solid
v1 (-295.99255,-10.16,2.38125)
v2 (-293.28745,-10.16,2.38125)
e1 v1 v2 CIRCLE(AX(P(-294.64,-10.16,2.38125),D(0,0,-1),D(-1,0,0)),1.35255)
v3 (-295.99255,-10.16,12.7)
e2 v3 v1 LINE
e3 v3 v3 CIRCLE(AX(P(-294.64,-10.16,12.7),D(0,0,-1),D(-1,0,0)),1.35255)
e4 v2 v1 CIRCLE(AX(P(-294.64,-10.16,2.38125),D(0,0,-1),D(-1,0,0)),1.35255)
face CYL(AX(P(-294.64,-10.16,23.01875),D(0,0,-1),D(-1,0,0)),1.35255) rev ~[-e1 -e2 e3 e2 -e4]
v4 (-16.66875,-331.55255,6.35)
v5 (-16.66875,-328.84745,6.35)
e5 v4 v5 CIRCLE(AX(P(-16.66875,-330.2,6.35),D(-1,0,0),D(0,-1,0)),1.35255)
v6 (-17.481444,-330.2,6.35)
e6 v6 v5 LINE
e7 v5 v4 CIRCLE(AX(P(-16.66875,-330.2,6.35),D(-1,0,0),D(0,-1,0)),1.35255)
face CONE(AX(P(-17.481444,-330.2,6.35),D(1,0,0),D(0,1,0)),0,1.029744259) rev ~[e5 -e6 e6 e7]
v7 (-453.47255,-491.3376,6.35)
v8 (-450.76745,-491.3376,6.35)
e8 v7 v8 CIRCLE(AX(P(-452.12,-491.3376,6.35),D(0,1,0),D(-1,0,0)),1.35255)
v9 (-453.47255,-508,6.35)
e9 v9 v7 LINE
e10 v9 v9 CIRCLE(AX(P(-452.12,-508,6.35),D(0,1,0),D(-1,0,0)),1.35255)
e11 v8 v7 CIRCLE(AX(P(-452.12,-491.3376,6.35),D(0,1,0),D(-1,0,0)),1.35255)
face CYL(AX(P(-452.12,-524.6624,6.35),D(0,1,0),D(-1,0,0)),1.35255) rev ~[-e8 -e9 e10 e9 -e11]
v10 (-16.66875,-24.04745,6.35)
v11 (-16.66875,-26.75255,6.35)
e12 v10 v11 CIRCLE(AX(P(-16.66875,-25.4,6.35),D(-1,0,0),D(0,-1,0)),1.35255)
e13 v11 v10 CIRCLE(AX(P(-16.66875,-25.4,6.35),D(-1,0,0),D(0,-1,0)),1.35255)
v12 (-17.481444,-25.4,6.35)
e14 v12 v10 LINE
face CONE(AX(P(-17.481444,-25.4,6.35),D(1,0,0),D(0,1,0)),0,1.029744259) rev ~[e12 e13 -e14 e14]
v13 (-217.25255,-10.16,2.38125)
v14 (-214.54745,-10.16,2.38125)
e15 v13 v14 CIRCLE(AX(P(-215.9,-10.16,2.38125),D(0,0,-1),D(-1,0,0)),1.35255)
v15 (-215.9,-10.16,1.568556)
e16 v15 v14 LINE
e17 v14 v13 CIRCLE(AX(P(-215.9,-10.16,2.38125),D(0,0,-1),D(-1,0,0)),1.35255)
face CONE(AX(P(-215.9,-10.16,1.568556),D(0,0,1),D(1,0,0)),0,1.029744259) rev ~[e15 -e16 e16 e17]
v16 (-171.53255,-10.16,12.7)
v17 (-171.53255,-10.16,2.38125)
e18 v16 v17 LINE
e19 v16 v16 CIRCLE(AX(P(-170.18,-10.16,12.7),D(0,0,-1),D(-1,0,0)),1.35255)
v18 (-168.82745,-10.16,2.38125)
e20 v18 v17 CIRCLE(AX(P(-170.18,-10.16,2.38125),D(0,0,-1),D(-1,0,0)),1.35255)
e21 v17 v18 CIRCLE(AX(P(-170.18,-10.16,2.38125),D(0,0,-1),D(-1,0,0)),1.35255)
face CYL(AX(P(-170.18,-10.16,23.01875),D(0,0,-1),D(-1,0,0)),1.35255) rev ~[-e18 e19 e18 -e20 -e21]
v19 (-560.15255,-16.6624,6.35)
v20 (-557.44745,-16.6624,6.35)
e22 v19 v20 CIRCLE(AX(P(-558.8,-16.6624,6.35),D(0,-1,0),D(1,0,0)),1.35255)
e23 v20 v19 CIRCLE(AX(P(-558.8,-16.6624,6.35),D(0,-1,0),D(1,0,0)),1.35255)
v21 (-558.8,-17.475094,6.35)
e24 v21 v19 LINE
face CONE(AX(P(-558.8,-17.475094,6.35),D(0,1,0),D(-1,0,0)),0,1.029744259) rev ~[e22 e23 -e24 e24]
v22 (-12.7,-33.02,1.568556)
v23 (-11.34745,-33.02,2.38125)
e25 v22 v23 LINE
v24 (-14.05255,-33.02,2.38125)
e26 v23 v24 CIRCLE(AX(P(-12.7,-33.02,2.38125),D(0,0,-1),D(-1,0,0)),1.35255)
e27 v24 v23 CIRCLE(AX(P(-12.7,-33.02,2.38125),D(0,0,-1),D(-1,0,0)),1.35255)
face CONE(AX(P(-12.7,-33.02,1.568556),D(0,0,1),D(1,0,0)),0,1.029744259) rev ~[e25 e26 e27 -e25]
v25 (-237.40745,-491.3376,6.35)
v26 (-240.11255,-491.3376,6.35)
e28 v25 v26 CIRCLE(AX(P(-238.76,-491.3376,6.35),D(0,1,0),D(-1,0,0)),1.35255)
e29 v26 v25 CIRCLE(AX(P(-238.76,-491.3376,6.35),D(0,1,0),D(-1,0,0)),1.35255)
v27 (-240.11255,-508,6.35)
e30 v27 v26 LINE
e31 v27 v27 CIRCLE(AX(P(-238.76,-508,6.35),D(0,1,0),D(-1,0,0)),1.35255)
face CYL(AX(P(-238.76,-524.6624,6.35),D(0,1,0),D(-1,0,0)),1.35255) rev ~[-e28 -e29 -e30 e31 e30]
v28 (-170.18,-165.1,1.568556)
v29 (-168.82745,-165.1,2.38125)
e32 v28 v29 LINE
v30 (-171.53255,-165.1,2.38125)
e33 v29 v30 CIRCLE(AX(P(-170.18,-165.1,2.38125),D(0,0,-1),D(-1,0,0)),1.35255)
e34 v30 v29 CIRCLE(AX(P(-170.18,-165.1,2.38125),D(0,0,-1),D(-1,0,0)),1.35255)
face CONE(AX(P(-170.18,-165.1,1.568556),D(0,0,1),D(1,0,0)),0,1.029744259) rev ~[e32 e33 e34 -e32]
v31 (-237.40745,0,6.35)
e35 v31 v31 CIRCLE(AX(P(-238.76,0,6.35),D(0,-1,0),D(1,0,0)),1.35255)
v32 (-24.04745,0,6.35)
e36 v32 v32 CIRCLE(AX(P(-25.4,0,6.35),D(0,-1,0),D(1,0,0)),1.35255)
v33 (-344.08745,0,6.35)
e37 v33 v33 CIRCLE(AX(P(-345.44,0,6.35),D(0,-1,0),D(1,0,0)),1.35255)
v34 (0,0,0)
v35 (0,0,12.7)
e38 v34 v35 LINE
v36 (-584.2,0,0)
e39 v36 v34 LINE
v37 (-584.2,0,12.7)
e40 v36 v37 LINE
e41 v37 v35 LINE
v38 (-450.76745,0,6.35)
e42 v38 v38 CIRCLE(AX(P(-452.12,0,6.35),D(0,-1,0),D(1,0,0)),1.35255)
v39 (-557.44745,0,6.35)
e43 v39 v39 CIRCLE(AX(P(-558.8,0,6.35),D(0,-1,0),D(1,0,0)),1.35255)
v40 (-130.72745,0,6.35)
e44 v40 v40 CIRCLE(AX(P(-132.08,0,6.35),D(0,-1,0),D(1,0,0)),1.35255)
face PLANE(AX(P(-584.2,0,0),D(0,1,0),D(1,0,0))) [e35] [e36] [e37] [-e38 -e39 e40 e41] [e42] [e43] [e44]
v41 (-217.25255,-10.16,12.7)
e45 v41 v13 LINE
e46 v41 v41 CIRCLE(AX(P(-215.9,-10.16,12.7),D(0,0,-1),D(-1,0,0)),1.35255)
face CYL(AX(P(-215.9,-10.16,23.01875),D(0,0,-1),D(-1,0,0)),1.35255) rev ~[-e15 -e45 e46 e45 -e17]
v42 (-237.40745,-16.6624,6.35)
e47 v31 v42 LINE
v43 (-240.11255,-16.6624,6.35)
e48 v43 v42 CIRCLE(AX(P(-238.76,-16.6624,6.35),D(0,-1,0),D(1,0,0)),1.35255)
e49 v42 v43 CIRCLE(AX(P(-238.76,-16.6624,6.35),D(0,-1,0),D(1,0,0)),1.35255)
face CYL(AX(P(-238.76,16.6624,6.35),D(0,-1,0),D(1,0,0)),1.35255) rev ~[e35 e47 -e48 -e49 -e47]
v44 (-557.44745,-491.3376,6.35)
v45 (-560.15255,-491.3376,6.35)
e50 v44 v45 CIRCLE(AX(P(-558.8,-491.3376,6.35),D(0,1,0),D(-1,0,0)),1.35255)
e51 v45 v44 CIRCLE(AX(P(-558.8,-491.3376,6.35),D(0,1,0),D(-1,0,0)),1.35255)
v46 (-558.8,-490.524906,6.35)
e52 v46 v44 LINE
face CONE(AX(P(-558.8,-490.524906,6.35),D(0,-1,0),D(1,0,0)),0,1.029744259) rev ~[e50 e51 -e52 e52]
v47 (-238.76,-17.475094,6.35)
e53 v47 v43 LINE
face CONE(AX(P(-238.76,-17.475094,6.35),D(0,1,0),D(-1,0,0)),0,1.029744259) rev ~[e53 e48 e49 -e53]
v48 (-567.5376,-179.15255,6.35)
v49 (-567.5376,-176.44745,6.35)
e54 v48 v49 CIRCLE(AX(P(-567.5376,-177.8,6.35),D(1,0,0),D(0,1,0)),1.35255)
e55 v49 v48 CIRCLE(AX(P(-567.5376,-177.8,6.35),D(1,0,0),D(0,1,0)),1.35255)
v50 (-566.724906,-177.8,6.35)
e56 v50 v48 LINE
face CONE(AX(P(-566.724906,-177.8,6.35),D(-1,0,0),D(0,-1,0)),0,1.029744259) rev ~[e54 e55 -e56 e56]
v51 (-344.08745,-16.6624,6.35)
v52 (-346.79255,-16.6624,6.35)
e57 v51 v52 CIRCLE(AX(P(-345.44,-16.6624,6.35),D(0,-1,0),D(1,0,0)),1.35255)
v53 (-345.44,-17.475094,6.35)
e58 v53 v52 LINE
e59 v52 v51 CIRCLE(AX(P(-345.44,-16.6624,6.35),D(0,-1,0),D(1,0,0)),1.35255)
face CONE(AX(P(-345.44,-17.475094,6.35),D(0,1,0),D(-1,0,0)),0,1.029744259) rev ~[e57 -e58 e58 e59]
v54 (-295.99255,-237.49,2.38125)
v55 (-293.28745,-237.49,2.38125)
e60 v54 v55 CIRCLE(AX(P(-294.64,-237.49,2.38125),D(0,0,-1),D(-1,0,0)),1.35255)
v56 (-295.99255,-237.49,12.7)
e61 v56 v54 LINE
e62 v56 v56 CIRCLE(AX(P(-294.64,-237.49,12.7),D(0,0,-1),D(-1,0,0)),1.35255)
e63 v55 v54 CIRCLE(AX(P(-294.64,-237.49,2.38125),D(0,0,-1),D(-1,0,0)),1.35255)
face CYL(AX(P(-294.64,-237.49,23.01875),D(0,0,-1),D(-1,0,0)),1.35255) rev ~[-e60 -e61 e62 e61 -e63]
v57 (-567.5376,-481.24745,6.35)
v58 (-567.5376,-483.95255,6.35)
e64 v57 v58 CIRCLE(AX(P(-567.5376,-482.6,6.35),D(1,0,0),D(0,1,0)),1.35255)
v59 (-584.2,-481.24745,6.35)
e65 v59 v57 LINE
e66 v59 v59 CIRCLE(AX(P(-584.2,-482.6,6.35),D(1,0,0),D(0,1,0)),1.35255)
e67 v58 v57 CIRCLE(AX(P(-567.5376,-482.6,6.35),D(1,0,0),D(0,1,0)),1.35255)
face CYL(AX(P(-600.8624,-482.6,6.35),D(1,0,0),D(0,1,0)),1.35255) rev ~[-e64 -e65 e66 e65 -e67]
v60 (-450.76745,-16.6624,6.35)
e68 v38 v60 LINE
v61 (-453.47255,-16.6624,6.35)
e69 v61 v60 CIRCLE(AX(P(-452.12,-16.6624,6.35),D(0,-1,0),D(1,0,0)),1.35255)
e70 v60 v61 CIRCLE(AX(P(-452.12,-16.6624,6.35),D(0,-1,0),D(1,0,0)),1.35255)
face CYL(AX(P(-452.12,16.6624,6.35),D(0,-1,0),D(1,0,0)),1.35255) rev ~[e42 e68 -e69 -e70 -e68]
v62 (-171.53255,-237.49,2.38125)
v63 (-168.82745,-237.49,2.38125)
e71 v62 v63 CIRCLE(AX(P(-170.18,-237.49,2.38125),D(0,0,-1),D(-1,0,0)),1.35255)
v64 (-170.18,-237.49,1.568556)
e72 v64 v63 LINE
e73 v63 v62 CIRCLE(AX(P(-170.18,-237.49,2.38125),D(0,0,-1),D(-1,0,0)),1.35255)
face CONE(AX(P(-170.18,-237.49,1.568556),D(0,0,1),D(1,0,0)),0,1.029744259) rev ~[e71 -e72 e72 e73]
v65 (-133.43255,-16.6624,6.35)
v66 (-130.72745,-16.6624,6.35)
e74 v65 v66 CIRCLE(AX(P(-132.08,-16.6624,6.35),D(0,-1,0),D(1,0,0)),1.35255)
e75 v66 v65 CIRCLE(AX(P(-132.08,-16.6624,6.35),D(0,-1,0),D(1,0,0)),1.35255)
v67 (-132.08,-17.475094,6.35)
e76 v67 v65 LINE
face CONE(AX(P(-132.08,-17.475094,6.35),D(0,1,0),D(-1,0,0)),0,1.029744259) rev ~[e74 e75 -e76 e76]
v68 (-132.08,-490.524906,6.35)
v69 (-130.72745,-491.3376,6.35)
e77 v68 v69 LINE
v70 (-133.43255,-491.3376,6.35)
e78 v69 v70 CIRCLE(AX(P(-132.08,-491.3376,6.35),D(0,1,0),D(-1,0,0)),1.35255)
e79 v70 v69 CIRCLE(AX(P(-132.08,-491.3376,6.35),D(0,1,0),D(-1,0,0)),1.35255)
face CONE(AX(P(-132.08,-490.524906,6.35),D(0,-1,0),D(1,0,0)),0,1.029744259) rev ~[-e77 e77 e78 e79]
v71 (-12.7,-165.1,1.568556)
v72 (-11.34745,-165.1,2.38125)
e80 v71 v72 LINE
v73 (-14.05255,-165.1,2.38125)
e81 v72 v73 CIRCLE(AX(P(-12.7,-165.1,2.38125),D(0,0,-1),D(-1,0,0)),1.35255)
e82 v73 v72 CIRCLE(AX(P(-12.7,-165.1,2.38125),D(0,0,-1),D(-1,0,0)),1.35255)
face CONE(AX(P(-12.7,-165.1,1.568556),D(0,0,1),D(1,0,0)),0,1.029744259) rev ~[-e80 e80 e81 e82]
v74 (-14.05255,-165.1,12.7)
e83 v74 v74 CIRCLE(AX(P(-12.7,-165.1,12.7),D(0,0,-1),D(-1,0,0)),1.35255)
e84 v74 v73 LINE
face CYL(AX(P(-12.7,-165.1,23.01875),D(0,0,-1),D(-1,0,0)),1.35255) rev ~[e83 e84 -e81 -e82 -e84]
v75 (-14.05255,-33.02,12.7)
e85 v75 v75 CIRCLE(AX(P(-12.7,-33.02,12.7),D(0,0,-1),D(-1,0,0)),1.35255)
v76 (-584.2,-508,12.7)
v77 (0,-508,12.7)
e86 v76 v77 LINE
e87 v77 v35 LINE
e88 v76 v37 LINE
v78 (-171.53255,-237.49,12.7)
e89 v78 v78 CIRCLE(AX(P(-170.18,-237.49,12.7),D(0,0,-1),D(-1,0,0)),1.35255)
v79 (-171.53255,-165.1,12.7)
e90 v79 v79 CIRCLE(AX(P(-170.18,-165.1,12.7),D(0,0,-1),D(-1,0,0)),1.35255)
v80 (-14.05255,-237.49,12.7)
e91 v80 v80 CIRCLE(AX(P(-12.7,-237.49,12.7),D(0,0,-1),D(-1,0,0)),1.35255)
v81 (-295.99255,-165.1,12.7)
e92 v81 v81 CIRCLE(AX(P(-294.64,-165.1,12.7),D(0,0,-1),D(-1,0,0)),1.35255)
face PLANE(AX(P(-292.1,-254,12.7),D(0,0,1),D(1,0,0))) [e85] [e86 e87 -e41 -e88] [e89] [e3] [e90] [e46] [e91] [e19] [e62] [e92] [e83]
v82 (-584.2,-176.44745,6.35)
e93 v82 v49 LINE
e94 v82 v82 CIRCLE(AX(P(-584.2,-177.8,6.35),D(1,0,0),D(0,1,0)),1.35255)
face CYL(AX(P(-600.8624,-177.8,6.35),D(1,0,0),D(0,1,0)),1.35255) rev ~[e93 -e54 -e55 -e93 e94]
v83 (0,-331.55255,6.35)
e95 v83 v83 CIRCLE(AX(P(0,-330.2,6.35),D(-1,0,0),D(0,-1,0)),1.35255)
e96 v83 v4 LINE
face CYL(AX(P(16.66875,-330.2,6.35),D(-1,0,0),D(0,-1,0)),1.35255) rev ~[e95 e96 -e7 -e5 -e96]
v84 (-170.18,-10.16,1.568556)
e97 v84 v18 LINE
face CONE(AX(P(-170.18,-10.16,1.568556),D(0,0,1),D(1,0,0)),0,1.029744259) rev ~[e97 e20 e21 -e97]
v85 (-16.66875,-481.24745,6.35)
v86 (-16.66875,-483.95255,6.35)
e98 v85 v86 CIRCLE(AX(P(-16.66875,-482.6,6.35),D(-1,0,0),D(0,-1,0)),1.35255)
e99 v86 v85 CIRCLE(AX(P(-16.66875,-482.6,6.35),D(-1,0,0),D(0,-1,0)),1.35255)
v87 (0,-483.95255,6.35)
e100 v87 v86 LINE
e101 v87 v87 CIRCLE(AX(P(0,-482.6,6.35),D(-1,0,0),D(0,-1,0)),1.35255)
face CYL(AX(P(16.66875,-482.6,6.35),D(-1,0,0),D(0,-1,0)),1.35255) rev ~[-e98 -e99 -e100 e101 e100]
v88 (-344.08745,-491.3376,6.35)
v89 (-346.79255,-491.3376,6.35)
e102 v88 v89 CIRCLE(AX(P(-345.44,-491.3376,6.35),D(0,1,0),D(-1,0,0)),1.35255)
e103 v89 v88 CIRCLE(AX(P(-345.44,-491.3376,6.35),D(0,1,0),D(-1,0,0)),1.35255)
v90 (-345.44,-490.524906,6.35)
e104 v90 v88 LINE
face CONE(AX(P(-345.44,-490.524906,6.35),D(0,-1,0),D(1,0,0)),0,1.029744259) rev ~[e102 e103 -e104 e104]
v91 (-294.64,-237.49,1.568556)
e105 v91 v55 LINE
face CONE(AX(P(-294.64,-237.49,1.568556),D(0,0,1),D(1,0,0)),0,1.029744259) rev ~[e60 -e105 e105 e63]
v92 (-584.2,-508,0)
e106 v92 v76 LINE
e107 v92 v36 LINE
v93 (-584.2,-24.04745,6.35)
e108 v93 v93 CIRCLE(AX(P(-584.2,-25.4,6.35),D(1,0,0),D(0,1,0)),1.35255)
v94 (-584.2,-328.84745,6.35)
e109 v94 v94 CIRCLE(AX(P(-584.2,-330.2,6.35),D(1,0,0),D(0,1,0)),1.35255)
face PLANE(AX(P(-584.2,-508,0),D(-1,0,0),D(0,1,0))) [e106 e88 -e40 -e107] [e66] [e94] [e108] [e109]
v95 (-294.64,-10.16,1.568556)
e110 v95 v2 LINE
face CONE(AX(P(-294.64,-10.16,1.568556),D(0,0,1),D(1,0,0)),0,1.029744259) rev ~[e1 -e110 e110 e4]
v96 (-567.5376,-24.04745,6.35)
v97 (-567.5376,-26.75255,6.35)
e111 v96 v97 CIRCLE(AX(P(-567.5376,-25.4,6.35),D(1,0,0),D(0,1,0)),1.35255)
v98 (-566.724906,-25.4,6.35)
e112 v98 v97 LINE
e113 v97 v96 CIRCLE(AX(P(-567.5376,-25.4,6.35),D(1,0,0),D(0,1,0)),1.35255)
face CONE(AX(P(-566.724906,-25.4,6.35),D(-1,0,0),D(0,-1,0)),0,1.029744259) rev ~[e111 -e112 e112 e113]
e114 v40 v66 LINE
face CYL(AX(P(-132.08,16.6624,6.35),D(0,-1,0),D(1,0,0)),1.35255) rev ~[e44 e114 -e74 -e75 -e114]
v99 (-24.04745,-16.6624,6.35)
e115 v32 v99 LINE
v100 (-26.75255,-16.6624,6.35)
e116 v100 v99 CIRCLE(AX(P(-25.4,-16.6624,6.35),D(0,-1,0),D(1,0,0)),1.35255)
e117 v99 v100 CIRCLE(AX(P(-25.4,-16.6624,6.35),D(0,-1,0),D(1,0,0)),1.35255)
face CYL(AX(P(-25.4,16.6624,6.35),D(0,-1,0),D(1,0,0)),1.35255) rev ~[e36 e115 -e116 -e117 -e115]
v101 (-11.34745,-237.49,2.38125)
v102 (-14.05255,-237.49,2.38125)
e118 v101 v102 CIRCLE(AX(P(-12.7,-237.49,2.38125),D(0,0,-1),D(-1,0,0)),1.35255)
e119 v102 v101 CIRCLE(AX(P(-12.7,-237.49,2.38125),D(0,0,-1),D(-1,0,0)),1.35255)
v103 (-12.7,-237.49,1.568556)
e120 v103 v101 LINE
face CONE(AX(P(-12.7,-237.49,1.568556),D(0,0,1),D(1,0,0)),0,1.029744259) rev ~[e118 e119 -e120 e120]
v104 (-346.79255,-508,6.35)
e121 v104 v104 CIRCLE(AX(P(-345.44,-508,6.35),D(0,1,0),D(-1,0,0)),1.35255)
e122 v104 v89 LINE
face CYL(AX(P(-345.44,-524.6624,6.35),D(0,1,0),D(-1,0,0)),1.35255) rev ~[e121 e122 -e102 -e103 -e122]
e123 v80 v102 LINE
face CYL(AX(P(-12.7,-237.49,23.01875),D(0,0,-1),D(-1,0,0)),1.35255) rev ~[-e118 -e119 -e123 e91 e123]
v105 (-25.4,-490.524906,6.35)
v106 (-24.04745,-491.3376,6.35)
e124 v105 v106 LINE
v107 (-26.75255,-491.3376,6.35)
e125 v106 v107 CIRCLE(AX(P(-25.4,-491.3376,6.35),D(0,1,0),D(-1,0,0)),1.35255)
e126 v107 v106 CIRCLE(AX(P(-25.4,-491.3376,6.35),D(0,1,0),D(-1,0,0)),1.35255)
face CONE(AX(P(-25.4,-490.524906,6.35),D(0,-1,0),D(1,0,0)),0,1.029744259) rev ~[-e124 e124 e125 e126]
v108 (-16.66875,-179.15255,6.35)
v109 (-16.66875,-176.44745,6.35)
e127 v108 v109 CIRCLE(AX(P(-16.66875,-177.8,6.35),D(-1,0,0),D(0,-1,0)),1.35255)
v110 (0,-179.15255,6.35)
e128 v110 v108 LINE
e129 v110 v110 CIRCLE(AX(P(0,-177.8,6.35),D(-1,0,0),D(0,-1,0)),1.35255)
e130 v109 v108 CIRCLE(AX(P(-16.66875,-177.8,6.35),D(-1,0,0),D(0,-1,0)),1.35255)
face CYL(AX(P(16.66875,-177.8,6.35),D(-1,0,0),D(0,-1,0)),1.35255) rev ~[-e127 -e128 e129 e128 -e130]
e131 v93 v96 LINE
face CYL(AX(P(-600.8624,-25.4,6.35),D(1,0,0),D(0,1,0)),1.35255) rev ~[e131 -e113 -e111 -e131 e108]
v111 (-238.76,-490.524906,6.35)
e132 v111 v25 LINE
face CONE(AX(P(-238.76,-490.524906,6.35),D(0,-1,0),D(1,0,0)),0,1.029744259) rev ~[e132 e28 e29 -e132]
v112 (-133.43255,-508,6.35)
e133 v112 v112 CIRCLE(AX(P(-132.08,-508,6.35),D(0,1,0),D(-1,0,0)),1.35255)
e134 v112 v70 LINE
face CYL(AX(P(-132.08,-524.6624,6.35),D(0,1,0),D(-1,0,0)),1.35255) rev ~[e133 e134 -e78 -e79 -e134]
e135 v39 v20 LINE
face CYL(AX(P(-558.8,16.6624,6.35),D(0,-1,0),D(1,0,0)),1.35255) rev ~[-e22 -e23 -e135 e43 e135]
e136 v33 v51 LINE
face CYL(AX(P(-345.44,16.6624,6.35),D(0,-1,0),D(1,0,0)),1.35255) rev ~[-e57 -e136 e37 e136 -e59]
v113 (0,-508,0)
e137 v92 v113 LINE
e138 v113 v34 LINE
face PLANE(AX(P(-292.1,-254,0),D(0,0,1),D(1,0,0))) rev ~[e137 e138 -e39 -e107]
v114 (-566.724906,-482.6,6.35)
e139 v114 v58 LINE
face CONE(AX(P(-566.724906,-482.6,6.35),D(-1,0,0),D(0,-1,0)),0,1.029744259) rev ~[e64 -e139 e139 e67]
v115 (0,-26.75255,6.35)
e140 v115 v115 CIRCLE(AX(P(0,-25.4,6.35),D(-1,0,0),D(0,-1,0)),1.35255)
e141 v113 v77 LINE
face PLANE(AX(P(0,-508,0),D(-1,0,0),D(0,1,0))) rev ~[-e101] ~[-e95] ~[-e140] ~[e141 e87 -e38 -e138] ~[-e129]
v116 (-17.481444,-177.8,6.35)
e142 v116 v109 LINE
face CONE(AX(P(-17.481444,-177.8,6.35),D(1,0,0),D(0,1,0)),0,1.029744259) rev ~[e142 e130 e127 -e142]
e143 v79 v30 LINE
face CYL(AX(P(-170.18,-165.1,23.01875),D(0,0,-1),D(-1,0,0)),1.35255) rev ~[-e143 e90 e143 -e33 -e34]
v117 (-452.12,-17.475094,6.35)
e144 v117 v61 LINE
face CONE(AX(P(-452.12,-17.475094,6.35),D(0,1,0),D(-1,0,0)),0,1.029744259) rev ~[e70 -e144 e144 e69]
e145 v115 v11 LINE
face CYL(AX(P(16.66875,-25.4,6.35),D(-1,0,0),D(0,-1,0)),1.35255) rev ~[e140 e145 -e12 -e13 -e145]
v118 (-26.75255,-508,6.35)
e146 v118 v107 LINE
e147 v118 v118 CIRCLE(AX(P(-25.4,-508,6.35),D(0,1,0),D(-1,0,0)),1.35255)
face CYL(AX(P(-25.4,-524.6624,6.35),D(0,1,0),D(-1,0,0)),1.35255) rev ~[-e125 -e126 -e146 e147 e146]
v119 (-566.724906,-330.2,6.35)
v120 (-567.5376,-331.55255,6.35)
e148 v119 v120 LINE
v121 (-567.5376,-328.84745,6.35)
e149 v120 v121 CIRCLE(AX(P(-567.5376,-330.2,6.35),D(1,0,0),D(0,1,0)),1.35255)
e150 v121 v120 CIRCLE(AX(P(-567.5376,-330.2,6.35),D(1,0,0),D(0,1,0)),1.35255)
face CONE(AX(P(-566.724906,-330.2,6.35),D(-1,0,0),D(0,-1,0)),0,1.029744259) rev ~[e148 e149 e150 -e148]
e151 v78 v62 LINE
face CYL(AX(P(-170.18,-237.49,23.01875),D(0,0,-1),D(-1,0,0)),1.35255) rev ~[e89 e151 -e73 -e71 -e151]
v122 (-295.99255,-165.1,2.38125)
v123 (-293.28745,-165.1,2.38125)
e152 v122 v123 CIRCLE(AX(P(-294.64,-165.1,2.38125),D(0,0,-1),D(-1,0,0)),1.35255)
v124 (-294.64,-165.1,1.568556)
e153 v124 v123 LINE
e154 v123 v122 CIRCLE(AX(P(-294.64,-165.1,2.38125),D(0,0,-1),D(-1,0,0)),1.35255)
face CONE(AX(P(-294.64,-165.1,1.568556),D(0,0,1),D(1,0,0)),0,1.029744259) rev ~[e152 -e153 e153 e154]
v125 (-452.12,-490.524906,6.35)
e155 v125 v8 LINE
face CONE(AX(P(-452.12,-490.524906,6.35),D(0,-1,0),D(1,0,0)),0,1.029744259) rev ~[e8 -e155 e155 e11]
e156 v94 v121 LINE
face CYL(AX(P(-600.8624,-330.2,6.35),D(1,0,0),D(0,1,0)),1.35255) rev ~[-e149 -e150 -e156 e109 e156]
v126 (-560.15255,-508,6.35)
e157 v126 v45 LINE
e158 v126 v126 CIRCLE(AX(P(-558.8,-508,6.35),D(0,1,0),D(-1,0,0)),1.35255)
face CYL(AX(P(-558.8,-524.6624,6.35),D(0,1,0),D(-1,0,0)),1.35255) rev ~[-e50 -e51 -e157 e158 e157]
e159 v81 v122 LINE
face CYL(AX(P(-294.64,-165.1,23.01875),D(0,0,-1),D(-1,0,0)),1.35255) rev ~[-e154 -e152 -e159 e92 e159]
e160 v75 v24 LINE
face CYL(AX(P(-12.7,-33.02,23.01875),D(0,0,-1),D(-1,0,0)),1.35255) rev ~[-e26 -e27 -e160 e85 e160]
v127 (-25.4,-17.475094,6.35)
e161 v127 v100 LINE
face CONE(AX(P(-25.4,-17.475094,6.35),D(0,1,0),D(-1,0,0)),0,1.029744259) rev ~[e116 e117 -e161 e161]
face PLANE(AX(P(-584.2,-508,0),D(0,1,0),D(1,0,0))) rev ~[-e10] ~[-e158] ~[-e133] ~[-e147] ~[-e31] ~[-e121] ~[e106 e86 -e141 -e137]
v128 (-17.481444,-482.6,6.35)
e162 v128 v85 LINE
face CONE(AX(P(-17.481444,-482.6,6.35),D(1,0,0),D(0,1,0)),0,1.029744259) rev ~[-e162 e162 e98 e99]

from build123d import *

# Parameters (mm, degrees)
F0_W      = 584.2
F0_H      = 508
F1_DEPTH  = 12.7
F3_D      = 2.7051
F3_DEPTH  = 16.66875
F3_TIP    = 0.8126940303
F5_D      = 2.7051
F5_DEPTH  = 16.6624
F5_TIP    = 0.8126940303
F7_D      = 2.7051
F7_DEPTH  = 16.6624
F7_TIP    = 0.8126940303
F9_D      = 2.7051
F9_DEPTH  = 16.6624
F9_TIP    = 0.8126940303
F11_D     = 2.7051
F11_DEPTH = 10.31875
F11_TIP   = 0.8126940303


with BuildPart() as f1:
    # F0 (on Top) → F1 (new body)
    with BuildSketch(Plane.XY):
        with Locations((-292.1, -254)):
            Rectangle(F0_W, F0_H)
    extrude(amount=F1_DEPTH)

    # F3
    with Locations(Plane.YZ):
        with Locations((-25.4, 6.35), (-177.8, 6.35), (-330.2, 6.35), (-722.6819738701, 6.35), (-482.6, 6.35)):
            Hole(F3_D / 2, depth=F3_DEPTH)
            with Locations((0, 0, -(F3_DEPTH + F3_TIP / 2))):  # 118° drill point
                Cone(0, F3_D / 2, F3_TIP, mode=Mode.SUBTRACT)

    # F5
    with Locations(Plane.XZ.offset(508)):
        with Locations((-25.4, 6.35), (-132.08, 6.35), (-238.76, 6.35), (-345.44, 6.35), (-452.12, 6.35), (-558.8, 6.35)):
            Hole(F5_D / 2, depth=F5_DEPTH)
            with Locations((0, 0, -(F5_DEPTH + F5_TIP / 2))):  # 118° drill point
                Cone(0, F5_D / 2, F5_TIP, mode=Mode.SUBTRACT)

    # F7
    with Locations(Plane(origin=(-584.2, 0, 0), x_dir=(0, -1, 0), z_dir=(-1, 0, 0))):
        with Locations((482.6, 6.35), (330.2, 6.35), (177.8, 6.35), (25.4, 6.35)):
            Hole(F7_D / 2, depth=F7_DEPTH)
            with Locations((0, 0, -(F7_DEPTH + F7_TIP / 2))):  # 118° drill point
                Cone(0, F7_D / 2, F7_TIP, mode=Mode.SUBTRACT)

    # F9
    with Locations(Plane(origin=(0, 0, 0), x_dir=(-1, 0, 0), z_dir=(0, 1, 0))):
        with Locations((25.4, 6.35), (132.08, 6.35), (238.76, 6.35), (345.44, 6.35), (452.12, 6.35), (558.8, 6.35)):
            Hole(F9_D / 2, depth=F9_DEPTH)
            with Locations((0, 0, -(F9_DEPTH + F9_TIP / 2))):  # 118° drill point
                Cone(0, F9_D / 2, F9_TIP, mode=Mode.SUBTRACT)

    # F11
    with Locations(Plane.XY.offset(12.7)):
        with Locations((-12.7, -33.02), (-294.64, -165.1), (-170.18, -237.49), (-170.18, -165.1), (-294.64, -237.49), (-12.7, -237.49), (-294.64, -10.16), (-12.7, -165.1), (-170.18, -10.16), (-215.9, -10.16)):
            Hole(F11_D / 2, depth=F11_DEPTH)
            with Locations((0, 0, -(F11_DEPTH + F11_TIP / 2))):  # 118° drill point
                Cone(0, F11_D / 2, F11_TIP, mode=Mode.SUBTRACT)


solid = f1.part
